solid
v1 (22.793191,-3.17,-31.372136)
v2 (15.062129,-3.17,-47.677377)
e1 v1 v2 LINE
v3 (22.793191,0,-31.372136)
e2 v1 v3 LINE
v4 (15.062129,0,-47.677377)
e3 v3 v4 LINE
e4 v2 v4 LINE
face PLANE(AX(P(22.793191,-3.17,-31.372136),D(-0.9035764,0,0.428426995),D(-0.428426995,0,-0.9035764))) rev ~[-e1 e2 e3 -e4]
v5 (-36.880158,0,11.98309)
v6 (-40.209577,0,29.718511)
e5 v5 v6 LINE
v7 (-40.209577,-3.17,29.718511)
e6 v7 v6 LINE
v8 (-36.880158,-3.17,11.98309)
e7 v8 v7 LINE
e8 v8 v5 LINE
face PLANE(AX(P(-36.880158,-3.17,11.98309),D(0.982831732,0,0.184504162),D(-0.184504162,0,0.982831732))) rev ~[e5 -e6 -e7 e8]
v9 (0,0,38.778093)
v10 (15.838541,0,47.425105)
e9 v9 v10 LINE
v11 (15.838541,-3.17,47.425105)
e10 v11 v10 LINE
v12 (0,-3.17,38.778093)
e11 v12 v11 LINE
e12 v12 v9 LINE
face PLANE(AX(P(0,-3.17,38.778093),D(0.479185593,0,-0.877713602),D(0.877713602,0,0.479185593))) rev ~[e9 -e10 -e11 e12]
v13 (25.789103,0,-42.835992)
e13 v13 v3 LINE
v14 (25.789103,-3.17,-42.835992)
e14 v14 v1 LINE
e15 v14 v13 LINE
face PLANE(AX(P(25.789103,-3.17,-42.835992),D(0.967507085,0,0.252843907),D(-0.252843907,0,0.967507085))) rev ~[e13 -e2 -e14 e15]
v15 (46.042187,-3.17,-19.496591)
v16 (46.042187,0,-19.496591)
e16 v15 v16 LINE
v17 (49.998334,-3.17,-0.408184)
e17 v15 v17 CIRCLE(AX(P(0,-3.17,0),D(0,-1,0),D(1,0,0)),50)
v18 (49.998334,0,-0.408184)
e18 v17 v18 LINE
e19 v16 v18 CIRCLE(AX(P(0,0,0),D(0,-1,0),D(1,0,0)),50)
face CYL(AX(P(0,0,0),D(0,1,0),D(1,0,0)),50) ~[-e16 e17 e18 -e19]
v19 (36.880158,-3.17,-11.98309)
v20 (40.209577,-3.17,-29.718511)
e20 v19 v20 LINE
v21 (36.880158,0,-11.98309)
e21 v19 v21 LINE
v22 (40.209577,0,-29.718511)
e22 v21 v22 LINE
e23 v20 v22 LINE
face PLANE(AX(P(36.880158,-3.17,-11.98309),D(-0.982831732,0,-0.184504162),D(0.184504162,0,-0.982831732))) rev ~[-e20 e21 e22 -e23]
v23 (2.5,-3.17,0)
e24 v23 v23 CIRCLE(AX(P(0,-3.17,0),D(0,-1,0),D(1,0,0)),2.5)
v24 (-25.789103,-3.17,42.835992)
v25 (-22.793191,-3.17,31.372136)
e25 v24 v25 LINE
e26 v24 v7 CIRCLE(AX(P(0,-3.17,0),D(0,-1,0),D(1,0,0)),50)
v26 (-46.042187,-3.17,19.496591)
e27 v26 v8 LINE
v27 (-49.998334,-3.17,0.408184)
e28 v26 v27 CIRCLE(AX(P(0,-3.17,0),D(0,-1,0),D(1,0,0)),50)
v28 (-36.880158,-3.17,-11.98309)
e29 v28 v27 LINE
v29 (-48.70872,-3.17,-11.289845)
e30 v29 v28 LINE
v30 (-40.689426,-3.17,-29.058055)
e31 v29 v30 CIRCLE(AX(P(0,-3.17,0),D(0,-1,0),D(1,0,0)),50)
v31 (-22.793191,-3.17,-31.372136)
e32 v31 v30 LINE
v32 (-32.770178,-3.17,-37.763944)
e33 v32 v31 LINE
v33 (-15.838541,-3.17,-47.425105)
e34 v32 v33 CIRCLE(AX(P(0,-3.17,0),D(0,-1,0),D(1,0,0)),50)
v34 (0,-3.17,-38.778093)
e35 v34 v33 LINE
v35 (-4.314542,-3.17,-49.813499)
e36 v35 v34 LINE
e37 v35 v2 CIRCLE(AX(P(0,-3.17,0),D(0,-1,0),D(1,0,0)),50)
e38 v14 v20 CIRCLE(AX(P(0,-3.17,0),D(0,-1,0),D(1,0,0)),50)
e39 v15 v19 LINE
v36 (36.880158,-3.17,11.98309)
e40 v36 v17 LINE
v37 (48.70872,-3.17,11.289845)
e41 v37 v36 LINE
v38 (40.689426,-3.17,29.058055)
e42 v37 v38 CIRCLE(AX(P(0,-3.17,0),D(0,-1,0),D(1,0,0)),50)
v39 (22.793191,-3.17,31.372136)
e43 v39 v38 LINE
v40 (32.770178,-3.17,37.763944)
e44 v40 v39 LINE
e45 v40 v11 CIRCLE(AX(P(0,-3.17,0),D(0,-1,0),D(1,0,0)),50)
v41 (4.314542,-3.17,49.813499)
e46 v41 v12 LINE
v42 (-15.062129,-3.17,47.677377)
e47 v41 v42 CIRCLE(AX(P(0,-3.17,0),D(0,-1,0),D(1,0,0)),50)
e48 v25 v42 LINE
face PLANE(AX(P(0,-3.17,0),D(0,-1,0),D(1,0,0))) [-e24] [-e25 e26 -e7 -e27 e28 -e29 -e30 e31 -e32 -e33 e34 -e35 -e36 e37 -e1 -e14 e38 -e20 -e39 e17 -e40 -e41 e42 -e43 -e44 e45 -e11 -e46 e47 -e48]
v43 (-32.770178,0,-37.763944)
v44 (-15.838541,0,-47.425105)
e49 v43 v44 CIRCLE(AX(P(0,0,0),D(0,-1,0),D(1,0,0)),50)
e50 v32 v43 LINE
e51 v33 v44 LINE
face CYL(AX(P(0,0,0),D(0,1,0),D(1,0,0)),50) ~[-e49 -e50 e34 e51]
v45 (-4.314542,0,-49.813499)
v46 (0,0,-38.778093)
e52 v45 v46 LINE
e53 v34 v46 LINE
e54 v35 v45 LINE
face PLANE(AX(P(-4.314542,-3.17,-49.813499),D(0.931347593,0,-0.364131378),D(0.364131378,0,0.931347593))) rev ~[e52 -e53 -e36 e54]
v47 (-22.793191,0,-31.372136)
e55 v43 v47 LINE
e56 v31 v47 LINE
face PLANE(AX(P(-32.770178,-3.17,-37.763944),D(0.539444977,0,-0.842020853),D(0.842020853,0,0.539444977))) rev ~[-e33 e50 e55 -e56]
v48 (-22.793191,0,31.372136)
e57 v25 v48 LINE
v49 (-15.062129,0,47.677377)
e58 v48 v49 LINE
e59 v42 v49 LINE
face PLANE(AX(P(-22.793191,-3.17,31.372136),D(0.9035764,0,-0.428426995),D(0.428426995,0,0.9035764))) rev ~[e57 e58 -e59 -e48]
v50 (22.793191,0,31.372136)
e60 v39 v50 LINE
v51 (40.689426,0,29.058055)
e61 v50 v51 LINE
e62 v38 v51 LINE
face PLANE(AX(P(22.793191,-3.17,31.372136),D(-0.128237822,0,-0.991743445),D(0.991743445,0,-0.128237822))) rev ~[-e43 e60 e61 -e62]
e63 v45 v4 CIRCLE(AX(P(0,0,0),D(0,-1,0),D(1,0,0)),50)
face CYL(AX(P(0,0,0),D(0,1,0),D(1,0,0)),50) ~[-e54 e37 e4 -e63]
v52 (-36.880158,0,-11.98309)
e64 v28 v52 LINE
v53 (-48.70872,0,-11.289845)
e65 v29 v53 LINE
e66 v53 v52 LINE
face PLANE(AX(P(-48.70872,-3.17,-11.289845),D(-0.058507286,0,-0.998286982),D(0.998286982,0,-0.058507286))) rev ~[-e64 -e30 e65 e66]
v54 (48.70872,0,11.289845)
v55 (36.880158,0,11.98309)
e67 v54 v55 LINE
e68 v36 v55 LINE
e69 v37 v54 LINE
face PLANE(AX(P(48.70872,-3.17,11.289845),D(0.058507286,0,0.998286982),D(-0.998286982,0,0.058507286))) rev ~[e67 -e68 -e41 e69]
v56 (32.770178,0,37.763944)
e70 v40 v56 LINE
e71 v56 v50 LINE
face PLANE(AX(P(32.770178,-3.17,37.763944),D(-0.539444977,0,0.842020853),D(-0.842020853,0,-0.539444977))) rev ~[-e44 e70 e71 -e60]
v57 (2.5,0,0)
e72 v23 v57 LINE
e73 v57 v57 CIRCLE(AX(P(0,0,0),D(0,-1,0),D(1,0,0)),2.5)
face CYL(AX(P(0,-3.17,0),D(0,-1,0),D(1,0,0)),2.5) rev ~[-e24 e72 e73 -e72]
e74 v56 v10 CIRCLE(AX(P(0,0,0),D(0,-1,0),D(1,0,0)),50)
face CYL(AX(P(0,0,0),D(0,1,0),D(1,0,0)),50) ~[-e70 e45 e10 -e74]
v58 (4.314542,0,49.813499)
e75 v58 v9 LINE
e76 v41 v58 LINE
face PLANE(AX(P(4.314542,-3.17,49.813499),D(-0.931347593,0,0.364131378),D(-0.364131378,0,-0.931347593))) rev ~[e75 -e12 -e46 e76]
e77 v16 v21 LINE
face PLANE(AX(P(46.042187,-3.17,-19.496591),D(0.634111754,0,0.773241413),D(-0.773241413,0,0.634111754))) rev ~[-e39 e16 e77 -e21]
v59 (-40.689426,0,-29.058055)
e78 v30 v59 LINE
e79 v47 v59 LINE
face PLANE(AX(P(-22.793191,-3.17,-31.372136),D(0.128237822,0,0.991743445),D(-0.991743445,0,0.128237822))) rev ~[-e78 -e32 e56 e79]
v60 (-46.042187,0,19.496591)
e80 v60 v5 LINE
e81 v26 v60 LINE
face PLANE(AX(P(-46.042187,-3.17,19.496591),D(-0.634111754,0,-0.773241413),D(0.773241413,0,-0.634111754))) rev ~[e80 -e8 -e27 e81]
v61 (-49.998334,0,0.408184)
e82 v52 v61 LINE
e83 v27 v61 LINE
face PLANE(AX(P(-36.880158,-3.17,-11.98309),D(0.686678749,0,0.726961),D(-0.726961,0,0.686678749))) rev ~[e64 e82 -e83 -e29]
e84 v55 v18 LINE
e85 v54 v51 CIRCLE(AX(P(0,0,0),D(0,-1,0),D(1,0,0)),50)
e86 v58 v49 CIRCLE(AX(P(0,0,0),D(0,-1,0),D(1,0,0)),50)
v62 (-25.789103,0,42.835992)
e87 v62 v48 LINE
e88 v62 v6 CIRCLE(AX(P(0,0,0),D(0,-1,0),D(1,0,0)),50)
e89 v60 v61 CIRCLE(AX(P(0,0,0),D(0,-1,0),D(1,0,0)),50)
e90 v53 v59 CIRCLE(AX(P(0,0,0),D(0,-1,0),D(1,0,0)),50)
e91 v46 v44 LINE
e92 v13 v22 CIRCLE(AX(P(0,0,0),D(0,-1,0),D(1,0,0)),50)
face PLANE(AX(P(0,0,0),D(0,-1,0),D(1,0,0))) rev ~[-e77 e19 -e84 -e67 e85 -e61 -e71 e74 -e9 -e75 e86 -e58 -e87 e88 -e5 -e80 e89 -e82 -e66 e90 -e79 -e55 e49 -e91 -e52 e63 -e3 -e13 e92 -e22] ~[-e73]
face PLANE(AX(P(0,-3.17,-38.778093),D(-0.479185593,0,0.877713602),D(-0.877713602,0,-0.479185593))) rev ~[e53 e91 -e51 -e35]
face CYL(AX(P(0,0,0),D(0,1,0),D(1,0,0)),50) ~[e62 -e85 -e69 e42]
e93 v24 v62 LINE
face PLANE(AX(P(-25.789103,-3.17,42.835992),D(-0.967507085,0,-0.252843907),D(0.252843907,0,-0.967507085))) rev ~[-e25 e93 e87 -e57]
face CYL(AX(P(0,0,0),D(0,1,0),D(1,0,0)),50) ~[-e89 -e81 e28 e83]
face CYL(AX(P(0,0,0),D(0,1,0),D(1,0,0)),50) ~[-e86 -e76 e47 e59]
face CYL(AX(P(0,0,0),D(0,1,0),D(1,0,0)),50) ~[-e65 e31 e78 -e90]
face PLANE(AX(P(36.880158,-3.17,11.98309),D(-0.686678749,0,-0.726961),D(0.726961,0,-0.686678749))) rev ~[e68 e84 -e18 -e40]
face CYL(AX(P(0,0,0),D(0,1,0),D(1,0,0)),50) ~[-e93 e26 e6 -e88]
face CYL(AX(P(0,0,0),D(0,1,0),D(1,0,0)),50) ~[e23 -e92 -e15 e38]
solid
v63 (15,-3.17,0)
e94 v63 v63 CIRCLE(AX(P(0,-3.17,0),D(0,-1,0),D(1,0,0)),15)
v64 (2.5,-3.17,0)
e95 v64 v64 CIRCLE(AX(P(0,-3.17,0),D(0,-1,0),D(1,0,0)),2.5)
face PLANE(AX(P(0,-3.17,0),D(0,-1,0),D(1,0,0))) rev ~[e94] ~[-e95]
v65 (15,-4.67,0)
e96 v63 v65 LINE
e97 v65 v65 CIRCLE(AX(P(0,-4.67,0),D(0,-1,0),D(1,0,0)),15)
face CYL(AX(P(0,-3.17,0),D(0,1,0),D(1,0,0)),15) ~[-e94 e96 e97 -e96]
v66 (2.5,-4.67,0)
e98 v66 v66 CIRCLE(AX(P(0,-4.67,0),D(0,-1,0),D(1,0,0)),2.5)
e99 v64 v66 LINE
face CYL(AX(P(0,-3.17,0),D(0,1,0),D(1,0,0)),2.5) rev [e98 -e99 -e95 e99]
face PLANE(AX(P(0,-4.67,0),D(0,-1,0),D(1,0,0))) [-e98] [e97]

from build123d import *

# Parameters (mm, degrees)
F0_R     = 50
F1_DEPTH = 3.17
F2_R     = 2.5
F3_DEPTH = 25
F4_R     = 15
F4_R_2   = 2.5
F5_DEPTH = 1.5
F7_DEPTH = 25


with BuildPart() as f1:
    # F0 (on Front) → F1 (new body)
    with BuildSketch(Plane.XZ):
        Circle(F0_R)
    extrude(amount=F1_DEPTH)

    # F2 (on face) → F3 (cut)
    with BuildSketch(Plane.XZ.offset(3.17)):
        Circle(F2_R)
    extrude(amount=-F3_DEPTH, mode=Mode.SUBTRACT)

    # F6 (on face) → F7 (cut)
    with BuildSketch(Plane.XZ.offset(3.17)):
        with BuildLine():
            Line((-22.7931910082, 31.3721360136), (-15.0621287485, 47.6773769996))
            ThreePointArc((-15.0621287485, 47.6773769996), (-20.5685569707, 45.5733964517), (-25.7891029355, 42.8359915233))
            Line((-25.7891029355, 42.8359915233), (-22.7931910082, 31.3721360136))
        make_face()
        with BuildLine():
            Line((0, 38.7780927122), (15.8385409393, 47.4251053864))
            ThreePointArc((15.8385409393, 47.4251053864), (10.1470581921, 48.9595466691), (4.3145415402, 49.8134994886))
            Line((4.3145415402, 49.8134994886), (0, 38.7780927122))
        make_face()
        with BuildLine():
            ThreePointArc((40.6894263206, 29.0580554357), (36.9868420114, 33.6448141327), (32.7701777935, 37.7639437478))
            Line((32.7701777935, 37.7639437478), (22.7931910082, 31.3721360136))
            Line((22.7931910082, 31.3721360136), (40.6894263206, 29.0580554357))
        make_face()
        with BuildLine():
            ThreePointArc((50, 0), (49.6761310759, 5.6817252069), (48.7087199469, 11.2898450446))
            Line((48.7087199469, 11.2898450446), (36.8801577634, 11.9830896575))
            Line((36.8801577634, 11.9830896575), (49.9983338301, -0.4081840445))
            ThreePointArc((49.9983338301, -0.4081840445), (49.9995834558, -0.2040937225), (50, 0))
        make_face()
        with BuildLine():
            ThreePointArc((40.2095771974, -29.7185110934), (43.4276824703, -24.7797577725), (46.0421866292, -19.4965907379))
            Line((46.0421866292, -19.4965907379), (36.8801577634, -11.9830896575))
            Line((36.8801577634, -11.9830896575), (40.2095771974, -29.7185110934))
        make_face()
        with BuildLine():
            ThreePointArc((15.0621287485, -47.6773769996), (20.5685569707, -45.5733964517), (25.7891029355, -42.8359915233))
            Line((25.7891029355, -42.8359915233), (22.7931910082, -31.3721360136))
            Line((22.7931910082, -31.3721360136), (15.0621287485, -47.6773769996))
        make_face()
        with BuildLine():
            ThreePointArc((-15.8385409393, -47.4251053864), (-10.1470581921, -48.9595466691), (-4.3145415402, -49.8134994886))
            Line((-4.3145415402, -49.8134994886), (0, -38.7780927122))
            Line((0, -38.7780927122), (-15.8385409393, -47.4251053864))
        make_face()
        with BuildLine():
            Line((-22.7931910082, -31.3721360136), (-40.6894263206, -29.0580554357))
            ThreePointArc((-40.6894263206, -29.0580554357), (-36.9868420114, -33.6448141327), (-32.7701777935, -37.7639437478))
            Line((-32.7701777935, -37.7639437478), (-22.7931910082, -31.3721360136))
        make_face()
        with BuildLine():
            Line((-36.8801577634, -11.9830896575), (-49.9983338301, 0.4081840445))
            ThreePointArc((-49.9983338301, 0.4081840445), (-49.6989093188, -5.4789061428), (-48.7087199469, -11.2898450446))
            Line((-48.7087199469, -11.2898450446), (-36.8801577634, -11.9830896575))
        make_face()
        with BuildLine():
            Line((-36.8801577634, 11.9830896575), (-40.2095771974, 29.7185110934))
            ThreePointArc((-40.2095771974, 29.7185110934), (-43.4276824703, 24.7797577725), (-46.0421866292, 19.4965907379))
            Line((-46.0421866292, 19.4965907379), (-36.8801577634, 11.9830896575))
        make_face()
    extrude(amount=-F7_DEPTH, mode=Mode.SUBTRACT)


with BuildPart() as f5:
    # F4 (on face) → F5 (new body)
    with BuildSketch(Plane.XZ.offset(3.17)):
        Circle(F4_R)
        Circle(F4_R_2, mode=Mode.SUBTRACT)
    extrude(amount=F5_DEPTH)


solid = Compound([f1.part, f5.part])
